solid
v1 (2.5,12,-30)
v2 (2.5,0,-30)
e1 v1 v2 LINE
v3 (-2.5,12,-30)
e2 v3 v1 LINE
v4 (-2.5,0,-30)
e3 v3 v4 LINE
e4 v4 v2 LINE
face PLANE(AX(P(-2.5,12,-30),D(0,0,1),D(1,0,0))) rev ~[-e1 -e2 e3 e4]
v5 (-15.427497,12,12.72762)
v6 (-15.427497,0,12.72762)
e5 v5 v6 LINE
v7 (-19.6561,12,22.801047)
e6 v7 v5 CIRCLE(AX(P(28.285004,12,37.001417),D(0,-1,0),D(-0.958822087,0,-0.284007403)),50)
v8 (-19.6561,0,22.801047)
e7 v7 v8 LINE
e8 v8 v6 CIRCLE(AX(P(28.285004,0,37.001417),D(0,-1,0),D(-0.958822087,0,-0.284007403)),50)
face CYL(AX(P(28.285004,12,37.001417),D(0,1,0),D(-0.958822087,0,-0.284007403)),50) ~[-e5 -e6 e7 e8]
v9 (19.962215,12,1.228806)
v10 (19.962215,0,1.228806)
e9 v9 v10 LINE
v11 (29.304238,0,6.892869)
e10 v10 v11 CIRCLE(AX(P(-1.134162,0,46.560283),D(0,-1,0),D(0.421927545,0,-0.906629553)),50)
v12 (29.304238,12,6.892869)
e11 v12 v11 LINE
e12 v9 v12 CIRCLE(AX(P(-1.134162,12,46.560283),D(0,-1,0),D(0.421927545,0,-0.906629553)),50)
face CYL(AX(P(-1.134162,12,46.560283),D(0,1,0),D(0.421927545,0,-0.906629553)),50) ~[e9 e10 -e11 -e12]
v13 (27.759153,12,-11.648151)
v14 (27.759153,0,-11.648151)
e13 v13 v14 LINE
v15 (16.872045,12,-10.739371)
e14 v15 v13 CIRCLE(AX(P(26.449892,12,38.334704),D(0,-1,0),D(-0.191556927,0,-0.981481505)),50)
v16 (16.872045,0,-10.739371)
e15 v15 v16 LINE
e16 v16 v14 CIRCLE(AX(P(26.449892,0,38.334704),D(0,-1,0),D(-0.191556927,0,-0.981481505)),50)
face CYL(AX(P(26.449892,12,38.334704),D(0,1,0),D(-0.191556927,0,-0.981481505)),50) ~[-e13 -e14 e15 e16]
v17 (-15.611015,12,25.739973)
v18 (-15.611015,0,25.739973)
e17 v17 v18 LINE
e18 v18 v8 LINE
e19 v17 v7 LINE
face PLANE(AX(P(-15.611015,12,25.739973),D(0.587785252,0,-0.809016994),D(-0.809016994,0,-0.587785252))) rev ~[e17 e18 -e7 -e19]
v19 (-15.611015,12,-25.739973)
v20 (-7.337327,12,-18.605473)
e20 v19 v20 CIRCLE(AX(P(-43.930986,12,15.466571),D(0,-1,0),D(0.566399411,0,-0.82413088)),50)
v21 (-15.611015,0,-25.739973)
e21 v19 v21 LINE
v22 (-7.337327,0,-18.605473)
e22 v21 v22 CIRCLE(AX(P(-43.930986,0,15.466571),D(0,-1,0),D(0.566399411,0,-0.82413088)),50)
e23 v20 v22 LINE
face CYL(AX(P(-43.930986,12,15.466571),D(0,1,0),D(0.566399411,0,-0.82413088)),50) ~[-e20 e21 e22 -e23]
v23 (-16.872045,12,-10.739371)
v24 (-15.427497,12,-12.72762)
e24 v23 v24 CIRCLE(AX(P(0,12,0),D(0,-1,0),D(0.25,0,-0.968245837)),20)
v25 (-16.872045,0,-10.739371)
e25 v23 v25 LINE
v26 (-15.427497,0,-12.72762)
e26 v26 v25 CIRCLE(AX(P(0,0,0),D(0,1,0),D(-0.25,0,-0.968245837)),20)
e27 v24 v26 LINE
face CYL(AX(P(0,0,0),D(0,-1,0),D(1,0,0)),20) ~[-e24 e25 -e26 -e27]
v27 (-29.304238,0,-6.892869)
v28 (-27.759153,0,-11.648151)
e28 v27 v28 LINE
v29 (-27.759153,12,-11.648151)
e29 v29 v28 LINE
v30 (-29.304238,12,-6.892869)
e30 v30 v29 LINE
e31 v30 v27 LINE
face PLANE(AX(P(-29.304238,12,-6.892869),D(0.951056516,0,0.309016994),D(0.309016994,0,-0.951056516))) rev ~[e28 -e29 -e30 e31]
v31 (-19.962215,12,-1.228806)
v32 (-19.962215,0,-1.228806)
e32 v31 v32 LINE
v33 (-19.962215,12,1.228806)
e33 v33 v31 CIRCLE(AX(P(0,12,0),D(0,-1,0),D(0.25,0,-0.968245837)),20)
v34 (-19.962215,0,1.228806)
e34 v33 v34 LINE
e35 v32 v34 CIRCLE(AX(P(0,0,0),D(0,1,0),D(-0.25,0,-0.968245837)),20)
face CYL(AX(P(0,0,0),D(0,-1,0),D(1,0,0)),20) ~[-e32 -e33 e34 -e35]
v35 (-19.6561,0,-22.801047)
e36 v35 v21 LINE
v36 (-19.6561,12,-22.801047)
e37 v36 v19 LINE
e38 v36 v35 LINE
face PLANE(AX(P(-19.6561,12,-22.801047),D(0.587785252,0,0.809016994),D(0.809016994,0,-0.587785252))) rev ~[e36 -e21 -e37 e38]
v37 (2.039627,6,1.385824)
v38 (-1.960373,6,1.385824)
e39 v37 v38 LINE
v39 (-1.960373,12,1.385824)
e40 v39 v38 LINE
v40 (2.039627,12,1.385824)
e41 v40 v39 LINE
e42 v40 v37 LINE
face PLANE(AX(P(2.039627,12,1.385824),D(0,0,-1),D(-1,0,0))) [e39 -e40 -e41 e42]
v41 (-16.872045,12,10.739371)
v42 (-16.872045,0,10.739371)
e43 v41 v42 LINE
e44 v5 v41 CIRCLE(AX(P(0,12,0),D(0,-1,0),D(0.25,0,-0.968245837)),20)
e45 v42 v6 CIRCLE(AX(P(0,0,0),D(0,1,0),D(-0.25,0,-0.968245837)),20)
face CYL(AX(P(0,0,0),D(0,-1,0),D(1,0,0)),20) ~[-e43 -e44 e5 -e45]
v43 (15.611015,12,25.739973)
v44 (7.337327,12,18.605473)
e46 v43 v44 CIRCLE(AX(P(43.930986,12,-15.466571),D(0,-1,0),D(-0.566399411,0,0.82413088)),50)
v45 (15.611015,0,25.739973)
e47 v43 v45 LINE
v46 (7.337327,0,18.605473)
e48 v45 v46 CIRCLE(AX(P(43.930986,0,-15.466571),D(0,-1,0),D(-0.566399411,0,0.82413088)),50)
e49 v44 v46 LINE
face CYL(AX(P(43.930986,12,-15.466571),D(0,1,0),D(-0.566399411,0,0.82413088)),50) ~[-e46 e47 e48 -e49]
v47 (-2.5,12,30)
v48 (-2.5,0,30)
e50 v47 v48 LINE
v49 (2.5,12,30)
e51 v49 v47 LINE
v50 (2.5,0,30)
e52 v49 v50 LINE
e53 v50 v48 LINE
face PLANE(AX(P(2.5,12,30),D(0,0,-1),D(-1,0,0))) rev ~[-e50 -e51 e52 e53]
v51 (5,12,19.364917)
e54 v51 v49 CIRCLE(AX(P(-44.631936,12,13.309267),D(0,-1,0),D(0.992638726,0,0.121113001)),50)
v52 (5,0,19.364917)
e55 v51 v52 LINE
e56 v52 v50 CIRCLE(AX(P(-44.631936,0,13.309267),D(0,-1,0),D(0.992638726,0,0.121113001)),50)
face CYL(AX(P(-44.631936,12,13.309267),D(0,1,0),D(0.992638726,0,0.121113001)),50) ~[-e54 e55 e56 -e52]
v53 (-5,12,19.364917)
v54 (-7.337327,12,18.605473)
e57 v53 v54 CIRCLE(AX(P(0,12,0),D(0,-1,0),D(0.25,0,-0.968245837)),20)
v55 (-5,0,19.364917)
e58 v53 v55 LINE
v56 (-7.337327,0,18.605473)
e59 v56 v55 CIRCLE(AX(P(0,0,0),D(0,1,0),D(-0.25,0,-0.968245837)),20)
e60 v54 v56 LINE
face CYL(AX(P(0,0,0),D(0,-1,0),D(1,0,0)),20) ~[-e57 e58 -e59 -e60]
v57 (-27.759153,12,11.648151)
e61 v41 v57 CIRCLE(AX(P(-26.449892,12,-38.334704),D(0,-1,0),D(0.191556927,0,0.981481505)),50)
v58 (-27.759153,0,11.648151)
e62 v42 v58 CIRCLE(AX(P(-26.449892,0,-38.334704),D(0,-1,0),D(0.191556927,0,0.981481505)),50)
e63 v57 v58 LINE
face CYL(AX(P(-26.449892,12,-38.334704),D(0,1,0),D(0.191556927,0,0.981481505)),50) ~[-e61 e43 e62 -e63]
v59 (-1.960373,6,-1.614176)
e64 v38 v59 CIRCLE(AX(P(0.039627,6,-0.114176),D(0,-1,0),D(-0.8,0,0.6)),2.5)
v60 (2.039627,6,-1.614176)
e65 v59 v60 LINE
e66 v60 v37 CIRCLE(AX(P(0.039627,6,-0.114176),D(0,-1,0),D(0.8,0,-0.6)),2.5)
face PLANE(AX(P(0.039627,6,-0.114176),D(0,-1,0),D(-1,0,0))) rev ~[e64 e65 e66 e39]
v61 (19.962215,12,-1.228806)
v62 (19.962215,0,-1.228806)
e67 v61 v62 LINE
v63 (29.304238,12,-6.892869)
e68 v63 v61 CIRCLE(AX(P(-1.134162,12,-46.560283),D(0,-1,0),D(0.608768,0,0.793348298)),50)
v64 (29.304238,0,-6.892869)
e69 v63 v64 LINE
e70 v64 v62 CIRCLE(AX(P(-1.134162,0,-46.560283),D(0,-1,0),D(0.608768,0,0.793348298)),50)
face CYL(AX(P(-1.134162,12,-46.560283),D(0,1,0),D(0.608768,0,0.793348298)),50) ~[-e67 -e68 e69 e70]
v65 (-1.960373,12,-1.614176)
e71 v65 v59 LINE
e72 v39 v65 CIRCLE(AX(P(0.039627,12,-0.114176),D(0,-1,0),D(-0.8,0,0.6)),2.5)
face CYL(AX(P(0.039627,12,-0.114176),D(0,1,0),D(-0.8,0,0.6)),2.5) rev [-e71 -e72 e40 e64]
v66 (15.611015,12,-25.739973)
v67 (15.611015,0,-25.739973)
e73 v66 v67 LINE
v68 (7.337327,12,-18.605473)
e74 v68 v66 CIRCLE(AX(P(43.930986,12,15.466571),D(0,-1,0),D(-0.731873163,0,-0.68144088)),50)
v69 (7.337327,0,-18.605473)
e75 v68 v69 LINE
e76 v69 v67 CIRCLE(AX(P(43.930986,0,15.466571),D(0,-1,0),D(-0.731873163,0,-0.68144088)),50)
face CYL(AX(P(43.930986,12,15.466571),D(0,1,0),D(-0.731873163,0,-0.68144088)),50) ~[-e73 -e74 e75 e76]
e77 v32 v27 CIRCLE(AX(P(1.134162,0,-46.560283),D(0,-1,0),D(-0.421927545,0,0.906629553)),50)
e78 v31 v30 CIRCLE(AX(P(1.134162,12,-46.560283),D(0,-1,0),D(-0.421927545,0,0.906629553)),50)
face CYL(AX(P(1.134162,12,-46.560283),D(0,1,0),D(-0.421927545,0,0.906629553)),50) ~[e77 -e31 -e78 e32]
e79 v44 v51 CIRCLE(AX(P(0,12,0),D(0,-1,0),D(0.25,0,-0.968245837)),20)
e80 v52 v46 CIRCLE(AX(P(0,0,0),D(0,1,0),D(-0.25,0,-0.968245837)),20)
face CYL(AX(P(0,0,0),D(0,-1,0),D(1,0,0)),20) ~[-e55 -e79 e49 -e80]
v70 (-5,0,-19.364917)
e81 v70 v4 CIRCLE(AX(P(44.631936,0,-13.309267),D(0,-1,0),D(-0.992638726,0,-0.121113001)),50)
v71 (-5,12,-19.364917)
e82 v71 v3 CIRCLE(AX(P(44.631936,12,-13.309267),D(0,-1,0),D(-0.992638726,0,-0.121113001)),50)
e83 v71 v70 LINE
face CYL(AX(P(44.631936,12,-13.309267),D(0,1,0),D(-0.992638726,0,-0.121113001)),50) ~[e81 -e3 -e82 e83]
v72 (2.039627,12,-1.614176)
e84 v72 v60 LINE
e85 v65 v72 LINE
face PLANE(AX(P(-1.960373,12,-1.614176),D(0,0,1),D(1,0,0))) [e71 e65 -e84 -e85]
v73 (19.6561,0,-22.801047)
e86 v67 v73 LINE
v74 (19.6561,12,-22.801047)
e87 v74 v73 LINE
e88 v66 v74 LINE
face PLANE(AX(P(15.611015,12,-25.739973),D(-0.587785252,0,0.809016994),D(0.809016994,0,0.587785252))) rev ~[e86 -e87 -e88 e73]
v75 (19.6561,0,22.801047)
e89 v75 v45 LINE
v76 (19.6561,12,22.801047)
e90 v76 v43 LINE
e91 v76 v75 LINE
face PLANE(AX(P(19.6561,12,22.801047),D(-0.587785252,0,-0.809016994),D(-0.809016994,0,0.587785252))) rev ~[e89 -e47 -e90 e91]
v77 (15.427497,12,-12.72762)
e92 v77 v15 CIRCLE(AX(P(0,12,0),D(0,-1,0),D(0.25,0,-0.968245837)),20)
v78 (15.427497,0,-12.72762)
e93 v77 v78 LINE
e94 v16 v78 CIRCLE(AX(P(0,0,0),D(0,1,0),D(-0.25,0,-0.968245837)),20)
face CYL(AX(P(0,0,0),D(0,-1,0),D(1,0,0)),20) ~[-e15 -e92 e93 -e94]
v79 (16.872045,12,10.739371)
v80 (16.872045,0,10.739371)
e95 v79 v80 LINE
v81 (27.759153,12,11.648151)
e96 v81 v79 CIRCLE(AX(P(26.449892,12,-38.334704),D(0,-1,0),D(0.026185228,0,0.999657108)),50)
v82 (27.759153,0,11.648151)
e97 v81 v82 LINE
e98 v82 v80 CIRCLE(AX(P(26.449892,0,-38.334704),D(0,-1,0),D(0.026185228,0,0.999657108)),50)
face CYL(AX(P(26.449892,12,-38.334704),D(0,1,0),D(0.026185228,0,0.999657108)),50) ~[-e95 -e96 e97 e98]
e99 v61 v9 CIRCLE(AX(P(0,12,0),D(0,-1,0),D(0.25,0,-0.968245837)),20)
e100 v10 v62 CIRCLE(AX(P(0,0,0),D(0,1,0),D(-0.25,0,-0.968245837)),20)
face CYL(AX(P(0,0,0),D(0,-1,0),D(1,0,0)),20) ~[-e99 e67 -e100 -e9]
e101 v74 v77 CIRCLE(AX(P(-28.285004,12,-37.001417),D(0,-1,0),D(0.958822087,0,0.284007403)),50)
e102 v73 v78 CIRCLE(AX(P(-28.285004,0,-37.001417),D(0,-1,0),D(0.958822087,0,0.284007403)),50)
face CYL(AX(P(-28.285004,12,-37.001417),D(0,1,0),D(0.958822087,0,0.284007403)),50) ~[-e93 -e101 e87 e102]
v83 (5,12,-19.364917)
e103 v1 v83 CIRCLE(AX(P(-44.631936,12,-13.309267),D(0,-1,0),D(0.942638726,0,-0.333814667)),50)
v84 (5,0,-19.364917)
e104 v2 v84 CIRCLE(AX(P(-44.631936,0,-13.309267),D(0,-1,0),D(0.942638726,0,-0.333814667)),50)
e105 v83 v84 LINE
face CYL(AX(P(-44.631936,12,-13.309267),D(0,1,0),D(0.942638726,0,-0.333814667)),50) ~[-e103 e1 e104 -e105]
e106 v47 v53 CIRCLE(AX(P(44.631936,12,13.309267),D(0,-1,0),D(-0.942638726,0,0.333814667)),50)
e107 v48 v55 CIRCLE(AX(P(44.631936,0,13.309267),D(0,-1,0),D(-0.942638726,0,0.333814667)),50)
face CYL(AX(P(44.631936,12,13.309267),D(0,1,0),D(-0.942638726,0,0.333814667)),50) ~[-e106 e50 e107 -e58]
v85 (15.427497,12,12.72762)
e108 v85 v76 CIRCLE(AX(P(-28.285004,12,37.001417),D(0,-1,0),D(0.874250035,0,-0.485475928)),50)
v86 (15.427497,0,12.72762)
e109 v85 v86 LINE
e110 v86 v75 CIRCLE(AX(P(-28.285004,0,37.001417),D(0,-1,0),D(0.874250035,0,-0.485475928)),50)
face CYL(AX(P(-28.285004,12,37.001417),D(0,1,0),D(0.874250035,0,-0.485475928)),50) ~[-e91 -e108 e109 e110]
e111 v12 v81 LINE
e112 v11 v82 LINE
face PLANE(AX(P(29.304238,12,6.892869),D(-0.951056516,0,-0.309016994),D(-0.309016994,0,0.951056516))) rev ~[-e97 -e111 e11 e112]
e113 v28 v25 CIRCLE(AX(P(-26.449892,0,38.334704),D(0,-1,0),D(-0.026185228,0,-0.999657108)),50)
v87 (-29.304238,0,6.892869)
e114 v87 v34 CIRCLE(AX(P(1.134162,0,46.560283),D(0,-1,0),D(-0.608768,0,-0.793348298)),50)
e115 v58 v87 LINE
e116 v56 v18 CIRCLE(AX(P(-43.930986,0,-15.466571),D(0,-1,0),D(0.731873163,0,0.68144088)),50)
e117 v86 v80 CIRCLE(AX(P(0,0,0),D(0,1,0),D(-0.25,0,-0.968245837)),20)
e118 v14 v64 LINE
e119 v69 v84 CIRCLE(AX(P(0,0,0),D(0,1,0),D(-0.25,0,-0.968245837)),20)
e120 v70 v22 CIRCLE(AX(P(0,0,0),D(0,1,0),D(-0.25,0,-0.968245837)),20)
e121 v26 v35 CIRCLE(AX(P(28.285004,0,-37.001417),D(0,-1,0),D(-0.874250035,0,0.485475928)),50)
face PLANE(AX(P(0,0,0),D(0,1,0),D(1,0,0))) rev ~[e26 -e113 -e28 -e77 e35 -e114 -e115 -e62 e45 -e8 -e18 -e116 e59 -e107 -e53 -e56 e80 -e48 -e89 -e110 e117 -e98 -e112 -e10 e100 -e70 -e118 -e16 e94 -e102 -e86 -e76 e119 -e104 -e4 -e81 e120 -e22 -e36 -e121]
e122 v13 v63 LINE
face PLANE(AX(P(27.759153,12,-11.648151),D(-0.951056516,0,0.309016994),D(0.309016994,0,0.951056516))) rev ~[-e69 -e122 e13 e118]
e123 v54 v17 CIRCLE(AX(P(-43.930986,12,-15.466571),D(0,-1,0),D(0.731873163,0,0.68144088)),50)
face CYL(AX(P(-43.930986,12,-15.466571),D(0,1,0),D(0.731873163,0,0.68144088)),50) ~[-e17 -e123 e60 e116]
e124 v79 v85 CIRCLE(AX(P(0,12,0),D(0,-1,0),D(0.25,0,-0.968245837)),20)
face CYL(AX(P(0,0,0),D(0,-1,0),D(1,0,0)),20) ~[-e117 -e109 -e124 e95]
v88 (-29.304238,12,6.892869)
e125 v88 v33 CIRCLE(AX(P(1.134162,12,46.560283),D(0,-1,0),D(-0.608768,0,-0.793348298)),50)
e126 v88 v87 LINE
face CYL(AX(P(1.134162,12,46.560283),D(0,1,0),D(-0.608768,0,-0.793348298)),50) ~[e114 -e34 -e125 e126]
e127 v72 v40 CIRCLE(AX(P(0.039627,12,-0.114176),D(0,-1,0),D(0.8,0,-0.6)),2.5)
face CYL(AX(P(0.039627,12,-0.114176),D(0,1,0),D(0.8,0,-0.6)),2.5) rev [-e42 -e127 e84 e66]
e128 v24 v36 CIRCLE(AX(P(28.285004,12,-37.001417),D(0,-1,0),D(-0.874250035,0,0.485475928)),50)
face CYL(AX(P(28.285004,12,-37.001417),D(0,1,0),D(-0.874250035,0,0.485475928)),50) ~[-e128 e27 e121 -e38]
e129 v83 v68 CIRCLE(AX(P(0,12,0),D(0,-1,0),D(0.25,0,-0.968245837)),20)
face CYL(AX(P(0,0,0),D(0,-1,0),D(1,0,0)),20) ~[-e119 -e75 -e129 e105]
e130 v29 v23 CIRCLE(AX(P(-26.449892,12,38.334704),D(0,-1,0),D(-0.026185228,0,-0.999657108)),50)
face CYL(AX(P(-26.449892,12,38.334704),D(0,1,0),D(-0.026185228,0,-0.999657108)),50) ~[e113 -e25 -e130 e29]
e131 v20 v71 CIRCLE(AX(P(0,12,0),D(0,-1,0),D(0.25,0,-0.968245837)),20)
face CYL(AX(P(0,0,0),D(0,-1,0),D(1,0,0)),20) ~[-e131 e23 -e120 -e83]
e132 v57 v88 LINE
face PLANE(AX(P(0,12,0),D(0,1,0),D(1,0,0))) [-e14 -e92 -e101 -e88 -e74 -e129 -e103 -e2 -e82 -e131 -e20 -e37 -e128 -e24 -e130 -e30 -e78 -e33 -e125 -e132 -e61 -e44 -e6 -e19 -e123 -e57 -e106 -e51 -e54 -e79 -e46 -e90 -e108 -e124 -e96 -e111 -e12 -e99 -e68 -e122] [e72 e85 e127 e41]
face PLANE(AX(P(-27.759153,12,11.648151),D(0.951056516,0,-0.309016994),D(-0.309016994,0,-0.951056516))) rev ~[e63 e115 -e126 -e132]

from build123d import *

# Parameters (mm, degrees)
SKETCH1_R           = 20
BOSS_EXTRUDE1_DEPTH = 12
CUT_EXTRUDE1_DEPTH  = 6
BOSS_EXTRUDE2_DEPTH = 12
CIRPATTERN2_COUNT   = 10


with BuildPart() as part:
    # Sketch1 → Boss-Extrude1 (new body)
    with BuildSketch(Plane(origin=(0, 0, 0), x_dir=(1, 0, 0), z_dir=(0, 1, 0))):
        Circle(SKETCH1_R)
    extrude(amount=BOSS_EXTRUDE1_DEPTH)

    # Sketch2 → Cut-Extrude1 (cut)
    with BuildSketch(Plane(origin=(0, 12, 0), x_dir=(1, 0, 0), z_dir=(0, 1, 0))):
        with BuildLine():
            Line((-1.960372744, 1.614176032), (2.039627256, 1.614176032))
            ThreePointArc((2.039627256, 1.614176032), (2.539627256, 0.114176032), (2.039627256, -1.385823968))
            Line((2.039627256, -1.385823968), (-1.960372744, -1.385823968))
            ThreePointArc((-1.960372744, -1.385823968), (-2.460372744, 0.114176032), (-1.960372744, 1.614176032))
        make_face()
    extrude(amount=-CUT_EXTRUDE1_DEPTH, mode=Mode.SUBTRACT)

    # Sketch4 → Boss-Extrude2 (add)
    with BuildSketch(Plane(origin=(0, 12, 0), x_dir=(1, 0, 0), z_dir=(0, 1, 0))):
        with BuildLine():
            Line((-2.5, 30), (2.5, 30))
            ThreePointArc((2.5, 30), (4.041341884, 24.750944403), (5, 19.364916731))
            ThreePointArc((5, 19.364916731), (0, 20), (-5, 19.364916731))
            ThreePointArc((-5, 19.364916731), (-4.041341884, 24.750944403), (-2.5, 30))
        make_face()
    boss_extrude2 = extrude(amount=-BOSS_EXTRUDE2_DEPTH)

    # CirPattern2: Boss-Extrude2 ×10 about axis
    cirpattern2_axis = Axis((0, 0, 0), (0, 1, 0))
    for i in range(1, CIRPATTERN2_COUNT):
        add(boss_extrude2.rotate(cirpattern2_axis, i * 360 / CIRPATTERN2_COUNT))


solid = part.part
